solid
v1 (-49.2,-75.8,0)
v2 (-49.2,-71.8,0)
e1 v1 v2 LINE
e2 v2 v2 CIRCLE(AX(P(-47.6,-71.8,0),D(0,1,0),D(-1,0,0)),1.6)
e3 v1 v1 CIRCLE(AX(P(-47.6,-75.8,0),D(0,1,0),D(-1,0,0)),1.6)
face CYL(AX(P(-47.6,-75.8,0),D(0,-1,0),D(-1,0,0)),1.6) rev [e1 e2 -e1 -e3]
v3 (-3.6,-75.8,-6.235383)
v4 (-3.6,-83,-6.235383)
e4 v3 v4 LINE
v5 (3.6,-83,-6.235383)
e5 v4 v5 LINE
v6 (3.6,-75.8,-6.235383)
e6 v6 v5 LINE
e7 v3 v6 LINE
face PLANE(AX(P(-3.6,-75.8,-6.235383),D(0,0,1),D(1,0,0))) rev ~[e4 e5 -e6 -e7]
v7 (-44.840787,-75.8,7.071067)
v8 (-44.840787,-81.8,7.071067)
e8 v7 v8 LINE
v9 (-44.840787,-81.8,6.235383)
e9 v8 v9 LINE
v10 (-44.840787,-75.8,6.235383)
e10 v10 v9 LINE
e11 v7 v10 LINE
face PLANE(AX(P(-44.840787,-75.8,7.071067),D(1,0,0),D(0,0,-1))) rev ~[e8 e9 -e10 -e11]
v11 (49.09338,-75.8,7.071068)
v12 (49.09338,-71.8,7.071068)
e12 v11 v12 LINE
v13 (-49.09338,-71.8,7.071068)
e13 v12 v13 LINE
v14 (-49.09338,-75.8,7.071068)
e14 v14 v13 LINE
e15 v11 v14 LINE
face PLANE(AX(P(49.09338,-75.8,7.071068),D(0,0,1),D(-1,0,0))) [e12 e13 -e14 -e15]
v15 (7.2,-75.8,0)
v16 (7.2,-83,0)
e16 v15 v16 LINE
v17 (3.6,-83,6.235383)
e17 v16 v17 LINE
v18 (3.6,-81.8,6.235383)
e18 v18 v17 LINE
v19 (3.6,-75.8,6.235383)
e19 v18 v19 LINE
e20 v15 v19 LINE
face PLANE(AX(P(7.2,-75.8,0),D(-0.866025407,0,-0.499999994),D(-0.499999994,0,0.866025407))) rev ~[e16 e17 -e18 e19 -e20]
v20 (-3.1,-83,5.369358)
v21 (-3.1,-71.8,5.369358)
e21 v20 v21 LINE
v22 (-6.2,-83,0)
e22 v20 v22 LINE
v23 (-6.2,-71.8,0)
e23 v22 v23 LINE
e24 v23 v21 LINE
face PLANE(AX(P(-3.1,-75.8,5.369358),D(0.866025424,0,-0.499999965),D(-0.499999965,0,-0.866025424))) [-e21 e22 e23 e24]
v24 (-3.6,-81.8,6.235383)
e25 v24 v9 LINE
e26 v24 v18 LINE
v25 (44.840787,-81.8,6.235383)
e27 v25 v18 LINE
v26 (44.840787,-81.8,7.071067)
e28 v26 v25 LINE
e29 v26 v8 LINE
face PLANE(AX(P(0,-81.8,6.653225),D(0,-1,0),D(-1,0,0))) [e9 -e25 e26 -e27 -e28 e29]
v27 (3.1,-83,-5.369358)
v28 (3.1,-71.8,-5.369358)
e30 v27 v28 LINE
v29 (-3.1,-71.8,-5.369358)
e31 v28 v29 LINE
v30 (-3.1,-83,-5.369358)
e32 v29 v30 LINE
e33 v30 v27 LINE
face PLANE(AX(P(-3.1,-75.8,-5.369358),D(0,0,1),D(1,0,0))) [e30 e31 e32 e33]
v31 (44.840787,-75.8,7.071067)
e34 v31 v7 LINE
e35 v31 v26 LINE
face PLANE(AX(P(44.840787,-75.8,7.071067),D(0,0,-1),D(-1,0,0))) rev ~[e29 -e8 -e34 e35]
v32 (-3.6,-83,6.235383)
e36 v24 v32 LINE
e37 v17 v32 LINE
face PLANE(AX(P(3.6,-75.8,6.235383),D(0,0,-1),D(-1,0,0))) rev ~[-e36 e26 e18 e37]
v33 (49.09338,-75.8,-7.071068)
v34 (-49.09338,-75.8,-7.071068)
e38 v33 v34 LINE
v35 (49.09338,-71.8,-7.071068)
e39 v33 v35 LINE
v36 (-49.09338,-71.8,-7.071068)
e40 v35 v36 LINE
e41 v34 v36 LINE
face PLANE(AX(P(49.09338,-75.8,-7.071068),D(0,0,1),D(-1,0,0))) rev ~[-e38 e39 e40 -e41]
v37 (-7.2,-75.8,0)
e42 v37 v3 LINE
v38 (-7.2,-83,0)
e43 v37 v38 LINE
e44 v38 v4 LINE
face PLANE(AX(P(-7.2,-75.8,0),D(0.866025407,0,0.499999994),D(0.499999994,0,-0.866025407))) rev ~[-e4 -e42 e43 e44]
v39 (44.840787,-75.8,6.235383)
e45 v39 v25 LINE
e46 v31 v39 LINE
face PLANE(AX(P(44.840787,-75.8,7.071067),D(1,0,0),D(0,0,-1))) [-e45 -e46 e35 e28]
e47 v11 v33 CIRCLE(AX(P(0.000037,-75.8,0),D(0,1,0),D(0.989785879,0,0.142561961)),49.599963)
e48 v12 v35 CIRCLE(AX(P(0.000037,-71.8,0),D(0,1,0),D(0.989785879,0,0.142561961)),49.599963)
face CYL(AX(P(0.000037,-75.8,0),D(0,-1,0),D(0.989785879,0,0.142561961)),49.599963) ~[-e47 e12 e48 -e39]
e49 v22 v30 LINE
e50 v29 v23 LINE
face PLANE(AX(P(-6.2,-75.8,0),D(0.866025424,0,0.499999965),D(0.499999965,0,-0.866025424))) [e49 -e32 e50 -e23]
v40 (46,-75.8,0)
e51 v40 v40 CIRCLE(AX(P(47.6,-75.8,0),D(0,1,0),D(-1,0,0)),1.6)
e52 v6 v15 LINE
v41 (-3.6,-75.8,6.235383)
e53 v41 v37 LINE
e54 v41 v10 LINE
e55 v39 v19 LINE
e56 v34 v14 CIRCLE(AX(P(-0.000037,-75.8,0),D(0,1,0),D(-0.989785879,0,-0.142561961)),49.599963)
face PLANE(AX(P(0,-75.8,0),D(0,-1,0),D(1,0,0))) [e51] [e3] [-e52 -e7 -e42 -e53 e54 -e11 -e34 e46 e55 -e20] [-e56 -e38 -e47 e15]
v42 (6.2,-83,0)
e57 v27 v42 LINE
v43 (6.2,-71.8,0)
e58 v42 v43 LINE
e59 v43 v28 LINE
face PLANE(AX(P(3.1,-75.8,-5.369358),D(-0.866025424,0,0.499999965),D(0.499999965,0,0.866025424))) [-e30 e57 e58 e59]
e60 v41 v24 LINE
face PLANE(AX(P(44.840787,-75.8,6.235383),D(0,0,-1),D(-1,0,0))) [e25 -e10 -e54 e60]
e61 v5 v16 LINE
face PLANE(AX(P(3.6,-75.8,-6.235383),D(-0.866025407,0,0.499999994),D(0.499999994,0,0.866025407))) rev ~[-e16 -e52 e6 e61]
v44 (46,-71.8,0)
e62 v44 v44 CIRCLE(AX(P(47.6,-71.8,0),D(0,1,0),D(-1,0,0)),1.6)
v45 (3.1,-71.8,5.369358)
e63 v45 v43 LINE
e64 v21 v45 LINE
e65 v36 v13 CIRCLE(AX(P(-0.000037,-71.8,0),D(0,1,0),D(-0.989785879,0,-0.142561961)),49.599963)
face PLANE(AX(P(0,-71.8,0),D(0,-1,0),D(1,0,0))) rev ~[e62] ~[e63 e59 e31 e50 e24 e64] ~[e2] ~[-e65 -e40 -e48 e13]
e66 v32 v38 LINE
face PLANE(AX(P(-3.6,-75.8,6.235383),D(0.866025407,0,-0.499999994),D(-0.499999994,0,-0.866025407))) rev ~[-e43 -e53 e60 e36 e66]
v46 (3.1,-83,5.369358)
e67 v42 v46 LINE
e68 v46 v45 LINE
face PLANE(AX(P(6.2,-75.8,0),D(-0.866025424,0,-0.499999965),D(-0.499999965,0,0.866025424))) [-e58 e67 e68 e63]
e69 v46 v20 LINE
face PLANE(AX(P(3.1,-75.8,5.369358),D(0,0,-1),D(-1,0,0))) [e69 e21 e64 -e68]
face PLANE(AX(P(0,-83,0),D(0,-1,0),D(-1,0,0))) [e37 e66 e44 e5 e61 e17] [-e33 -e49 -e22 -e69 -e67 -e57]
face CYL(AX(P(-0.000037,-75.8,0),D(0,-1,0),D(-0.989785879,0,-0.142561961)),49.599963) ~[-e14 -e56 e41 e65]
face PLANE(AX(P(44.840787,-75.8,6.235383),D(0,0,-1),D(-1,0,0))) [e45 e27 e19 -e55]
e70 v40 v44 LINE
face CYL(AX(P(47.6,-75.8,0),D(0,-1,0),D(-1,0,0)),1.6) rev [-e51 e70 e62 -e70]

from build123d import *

# Parameters (mm, degrees)
SKETCH003_R             = 1.6
PAD003_DEPTH            = 4
SKETCH033_W             = 89.681574
SKETCH033_H             = 0.835685
PAD026_DEPTH            = 6
PAD033_DEPTH            = 7.2
BODY002_PLACEMENT_ANGLE = 180


with BuildPart() as part:
    # Sketch003 → Pad003 (new body)
    with BuildSketch(Plane.XZ):
        with BuildLine():
            Line((-49.09338, 7.071068), (49.09338, 7.071068))
            ThreePointArc((49.09338, -7.071068), (49.6, 0), (49.09338, 7.071068))
            Line((-49.09338, -7.071068), (49.09338, -7.071068))
            ThreePointArc((-49.09338, 7.071068), (-49.6, 0), (-49.09338, -7.071068))
        make_face()
        with Locations((47.6, 0)):
            Circle(SKETCH003_R, mode=Mode.SUBTRACT)
        with Locations((-47.6, 0)):
            Circle(SKETCH003_R, mode=Mode.SUBTRACT)
        Polygon((6.2, 0), (3.1, 5.369358), (-3.1, 5.369358), (-6.2, 0), (-3.1, -5.369358), (3.1, -5.369358), align=None, mode=Mode.SUBTRACT)
    extrude(amount=PAD003_DEPTH)

    # Sketch033 → Pad026 (join)
    with BuildSketch(Plane(origin=(0, 0, 0), x_dir=(1, 0, 0), z_dir=(0, 1, 0))):
        with Locations((0, -6.653225)):
            Rectangle(SKETCH033_W, SKETCH033_H)
    extrude(amount=PAD026_DEPTH)

    # Sketch028 (on Face4 of Pad026) → Pad033 (join)
    with BuildSketch(Plane(origin=(0, 0, 0), x_dir=(1, 0, 0), z_dir=(0, 1, 0))):
        Polygon((3.6, 6.235383), (-3.6, 6.235383), (-7.2, 0), (-3.6, -6.235383), (3.6, -6.235383), (7.2, 0), align=None)
        Polygon((3.1, 5.369358), (-3.1, 5.369358), (-6.2, 0), (-3.1, -5.369358), (3.1, -5.369358), (6.2, 0), align=None, mode=Mode.SUBTRACT)
    extrude(amount=PAD033_DEPTH)


with BuildPart() as part_1:
    # Body002 placement: moved
    add(part.part.moved(Location((0, -75.8, 0))).rotate(Axis((0, -75.8, 0), (0, 0, 1)), BODY002_PLACEMENT_ANGLE))


solid = part_1.part
